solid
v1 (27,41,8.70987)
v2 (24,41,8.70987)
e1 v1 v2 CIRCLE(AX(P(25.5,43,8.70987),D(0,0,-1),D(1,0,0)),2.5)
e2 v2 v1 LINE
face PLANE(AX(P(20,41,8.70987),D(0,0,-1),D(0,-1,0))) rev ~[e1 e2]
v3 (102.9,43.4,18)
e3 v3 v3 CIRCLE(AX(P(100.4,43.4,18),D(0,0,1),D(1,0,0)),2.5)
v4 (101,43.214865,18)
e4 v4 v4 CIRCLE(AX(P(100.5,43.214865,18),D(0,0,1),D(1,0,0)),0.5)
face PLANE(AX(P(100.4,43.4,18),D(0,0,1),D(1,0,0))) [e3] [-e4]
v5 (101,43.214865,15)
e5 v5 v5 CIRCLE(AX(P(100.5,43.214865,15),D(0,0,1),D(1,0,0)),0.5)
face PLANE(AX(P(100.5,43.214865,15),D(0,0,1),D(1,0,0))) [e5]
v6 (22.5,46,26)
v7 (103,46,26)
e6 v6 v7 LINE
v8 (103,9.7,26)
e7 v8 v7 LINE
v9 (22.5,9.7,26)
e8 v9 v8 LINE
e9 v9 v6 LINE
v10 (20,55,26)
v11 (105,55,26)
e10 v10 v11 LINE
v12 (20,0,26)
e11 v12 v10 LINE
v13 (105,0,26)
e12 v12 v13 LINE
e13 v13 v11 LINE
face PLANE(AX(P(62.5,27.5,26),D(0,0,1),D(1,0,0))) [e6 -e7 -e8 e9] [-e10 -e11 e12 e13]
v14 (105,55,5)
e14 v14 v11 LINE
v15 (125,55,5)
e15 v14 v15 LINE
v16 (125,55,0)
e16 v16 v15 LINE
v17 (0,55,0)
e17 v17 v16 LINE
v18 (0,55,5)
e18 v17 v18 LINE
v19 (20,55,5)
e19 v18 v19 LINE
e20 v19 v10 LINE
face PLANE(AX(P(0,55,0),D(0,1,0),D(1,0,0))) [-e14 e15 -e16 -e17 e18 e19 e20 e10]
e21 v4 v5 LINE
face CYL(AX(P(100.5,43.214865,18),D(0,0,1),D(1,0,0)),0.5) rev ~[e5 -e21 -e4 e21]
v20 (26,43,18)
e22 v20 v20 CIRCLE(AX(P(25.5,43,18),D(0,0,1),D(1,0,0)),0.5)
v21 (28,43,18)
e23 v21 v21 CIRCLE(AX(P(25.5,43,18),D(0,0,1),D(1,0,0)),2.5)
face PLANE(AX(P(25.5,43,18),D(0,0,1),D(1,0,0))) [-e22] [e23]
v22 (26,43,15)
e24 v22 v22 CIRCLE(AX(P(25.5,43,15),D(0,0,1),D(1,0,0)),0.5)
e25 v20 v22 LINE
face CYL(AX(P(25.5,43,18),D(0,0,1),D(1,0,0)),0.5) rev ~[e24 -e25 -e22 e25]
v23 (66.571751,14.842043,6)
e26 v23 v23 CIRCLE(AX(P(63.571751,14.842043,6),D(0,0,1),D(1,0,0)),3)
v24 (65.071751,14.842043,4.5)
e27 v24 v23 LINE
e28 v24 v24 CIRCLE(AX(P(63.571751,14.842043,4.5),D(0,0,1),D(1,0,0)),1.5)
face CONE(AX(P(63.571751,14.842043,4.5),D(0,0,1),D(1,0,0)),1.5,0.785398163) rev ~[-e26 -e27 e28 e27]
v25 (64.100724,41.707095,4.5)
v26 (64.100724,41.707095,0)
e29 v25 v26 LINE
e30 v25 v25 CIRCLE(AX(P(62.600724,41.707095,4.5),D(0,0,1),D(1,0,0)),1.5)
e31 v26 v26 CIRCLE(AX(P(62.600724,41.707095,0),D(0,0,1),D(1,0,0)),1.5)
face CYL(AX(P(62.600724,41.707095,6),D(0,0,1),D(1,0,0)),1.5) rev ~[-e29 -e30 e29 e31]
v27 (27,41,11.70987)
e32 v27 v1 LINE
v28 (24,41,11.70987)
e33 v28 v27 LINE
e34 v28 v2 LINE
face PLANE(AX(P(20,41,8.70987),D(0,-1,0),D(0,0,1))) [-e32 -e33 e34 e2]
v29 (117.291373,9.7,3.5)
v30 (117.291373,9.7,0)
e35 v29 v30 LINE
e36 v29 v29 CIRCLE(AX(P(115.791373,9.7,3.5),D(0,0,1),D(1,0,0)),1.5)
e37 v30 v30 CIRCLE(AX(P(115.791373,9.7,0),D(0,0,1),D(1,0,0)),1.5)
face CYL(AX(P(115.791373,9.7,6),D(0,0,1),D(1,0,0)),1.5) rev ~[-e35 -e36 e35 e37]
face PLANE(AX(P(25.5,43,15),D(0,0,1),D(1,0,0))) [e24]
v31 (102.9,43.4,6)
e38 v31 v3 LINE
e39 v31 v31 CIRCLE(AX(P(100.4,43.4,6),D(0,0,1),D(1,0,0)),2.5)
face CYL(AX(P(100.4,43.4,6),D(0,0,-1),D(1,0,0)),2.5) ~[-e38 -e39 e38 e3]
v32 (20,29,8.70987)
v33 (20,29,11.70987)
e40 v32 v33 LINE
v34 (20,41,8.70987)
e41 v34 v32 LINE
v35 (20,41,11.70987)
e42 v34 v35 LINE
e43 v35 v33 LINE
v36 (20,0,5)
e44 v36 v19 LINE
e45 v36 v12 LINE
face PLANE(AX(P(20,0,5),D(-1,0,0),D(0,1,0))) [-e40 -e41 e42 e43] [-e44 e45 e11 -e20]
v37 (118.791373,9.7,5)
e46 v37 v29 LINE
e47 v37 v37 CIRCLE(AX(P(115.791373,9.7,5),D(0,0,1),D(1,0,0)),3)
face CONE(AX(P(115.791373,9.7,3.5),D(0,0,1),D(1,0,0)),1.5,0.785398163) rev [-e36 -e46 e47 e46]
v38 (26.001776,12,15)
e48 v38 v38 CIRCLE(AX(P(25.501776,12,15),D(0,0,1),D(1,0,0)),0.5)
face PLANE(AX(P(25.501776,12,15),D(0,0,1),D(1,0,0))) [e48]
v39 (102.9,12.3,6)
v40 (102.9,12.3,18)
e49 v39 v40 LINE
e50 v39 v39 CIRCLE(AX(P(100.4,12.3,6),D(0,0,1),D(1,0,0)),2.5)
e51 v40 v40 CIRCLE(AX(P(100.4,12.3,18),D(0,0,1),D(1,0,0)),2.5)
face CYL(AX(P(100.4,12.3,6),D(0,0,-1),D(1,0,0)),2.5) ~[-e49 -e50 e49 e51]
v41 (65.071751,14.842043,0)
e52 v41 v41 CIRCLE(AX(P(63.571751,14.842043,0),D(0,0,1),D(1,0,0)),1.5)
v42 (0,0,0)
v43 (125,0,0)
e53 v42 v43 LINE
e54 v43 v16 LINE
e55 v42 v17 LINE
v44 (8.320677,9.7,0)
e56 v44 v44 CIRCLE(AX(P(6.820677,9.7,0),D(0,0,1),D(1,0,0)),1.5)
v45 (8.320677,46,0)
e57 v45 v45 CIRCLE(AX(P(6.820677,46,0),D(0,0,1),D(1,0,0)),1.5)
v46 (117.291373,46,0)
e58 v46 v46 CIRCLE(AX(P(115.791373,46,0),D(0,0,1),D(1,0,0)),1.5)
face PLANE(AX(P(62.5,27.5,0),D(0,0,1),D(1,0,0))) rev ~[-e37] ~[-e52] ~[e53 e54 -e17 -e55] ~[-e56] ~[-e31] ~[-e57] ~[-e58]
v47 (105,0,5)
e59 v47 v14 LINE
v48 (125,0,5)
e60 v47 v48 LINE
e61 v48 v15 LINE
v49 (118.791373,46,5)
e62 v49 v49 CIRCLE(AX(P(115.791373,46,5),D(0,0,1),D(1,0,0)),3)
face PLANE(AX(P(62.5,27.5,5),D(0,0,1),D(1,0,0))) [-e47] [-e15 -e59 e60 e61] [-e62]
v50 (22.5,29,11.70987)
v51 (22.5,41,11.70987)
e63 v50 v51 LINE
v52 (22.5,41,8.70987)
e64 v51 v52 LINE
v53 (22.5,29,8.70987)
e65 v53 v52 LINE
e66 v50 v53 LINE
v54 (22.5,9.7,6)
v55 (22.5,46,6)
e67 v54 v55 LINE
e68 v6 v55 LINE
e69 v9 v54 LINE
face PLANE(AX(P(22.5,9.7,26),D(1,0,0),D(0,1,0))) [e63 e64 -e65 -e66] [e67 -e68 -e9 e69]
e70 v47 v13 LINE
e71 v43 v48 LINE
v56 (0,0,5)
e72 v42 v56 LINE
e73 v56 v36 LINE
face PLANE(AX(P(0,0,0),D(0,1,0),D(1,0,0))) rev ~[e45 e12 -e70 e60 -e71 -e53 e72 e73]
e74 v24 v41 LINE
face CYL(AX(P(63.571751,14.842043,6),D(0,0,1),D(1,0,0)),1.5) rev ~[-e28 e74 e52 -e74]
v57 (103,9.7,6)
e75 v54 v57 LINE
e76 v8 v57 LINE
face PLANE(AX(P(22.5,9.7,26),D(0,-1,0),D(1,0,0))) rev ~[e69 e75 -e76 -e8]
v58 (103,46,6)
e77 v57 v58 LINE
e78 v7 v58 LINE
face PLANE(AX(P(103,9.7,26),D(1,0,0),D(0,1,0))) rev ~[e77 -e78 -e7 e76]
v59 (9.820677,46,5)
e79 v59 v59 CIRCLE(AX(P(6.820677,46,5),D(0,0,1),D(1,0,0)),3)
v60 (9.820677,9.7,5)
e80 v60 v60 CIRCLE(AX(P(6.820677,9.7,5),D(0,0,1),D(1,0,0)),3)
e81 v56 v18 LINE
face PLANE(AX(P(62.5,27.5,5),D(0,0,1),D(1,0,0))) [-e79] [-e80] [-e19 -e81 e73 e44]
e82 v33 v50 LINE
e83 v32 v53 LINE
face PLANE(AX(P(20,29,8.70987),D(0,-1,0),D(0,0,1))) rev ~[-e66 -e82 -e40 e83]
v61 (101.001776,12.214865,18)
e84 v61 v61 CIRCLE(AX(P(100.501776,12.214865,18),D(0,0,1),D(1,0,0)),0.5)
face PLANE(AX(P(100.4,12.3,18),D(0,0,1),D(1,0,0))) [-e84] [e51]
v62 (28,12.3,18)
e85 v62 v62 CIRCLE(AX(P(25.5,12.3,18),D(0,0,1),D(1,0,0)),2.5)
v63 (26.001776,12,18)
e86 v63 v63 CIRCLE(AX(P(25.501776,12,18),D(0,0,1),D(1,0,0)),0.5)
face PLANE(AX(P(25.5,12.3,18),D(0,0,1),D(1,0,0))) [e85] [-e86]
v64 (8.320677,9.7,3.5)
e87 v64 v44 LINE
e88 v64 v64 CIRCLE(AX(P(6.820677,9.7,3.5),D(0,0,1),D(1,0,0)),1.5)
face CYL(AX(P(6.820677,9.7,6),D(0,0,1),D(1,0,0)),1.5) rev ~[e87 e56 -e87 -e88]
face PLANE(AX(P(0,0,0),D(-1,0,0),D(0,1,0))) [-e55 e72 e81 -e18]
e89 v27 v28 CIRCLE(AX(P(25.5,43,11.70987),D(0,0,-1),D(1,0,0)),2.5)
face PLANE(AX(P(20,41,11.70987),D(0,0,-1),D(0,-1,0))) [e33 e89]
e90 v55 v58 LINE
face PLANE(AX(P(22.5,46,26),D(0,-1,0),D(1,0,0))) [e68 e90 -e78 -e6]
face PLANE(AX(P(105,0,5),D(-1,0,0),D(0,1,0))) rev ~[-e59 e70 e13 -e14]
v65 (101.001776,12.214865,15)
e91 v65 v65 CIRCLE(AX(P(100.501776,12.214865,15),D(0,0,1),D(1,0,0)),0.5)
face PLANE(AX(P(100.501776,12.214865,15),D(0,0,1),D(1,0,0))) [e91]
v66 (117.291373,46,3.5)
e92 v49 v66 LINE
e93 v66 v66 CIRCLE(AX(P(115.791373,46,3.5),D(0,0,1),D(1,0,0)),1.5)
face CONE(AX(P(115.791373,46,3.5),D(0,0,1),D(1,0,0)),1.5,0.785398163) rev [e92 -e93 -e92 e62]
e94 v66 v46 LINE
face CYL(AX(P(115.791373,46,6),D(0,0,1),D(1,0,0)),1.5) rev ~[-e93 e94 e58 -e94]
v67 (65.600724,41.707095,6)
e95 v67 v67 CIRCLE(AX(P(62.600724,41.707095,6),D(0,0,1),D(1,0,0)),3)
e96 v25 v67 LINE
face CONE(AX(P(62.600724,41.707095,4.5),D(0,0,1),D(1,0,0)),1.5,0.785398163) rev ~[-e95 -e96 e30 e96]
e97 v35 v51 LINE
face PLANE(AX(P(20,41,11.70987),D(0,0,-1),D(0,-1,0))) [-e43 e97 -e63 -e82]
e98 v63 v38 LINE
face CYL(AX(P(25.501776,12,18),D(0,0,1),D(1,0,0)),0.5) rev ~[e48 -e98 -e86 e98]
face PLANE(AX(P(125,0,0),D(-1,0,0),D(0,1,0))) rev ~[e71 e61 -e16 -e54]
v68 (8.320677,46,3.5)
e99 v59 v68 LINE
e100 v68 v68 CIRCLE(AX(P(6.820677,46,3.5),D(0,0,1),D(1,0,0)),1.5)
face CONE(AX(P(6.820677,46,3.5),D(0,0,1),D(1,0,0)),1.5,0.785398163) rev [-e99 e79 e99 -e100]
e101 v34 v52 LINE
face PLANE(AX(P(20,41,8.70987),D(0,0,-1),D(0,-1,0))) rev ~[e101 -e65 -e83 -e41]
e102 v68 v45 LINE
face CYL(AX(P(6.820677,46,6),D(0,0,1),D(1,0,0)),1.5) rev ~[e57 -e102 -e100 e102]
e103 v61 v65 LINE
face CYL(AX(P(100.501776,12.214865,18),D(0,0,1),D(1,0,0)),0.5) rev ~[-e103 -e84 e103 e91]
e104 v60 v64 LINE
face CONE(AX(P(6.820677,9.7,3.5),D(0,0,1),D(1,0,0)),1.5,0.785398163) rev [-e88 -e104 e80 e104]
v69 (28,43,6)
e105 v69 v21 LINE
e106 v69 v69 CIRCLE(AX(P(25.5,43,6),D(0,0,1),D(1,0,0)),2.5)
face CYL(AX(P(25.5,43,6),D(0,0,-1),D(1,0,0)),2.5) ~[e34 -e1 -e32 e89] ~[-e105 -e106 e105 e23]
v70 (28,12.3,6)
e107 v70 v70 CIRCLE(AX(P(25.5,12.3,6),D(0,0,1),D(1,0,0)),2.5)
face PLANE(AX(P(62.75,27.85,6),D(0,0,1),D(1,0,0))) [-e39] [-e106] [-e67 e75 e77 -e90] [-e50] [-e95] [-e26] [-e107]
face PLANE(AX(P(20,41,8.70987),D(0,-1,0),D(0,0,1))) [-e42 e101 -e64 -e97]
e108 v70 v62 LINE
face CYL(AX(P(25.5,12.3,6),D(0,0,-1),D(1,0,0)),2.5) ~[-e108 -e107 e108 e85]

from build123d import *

# Parameters (mm, degrees)
F0_W      = 125
F0_H      = 55
F1_DEPTH  = 5
F2_W      = 85
F2_H      = 55
F3_DEPTH  = 21
F4_W      = 80.5
F4_H      = 36.3
F5_DEPTH  = 20
F6_R      = 2.5
F7_DEPTH  = 12
F8_W      = 12
F8_H      = 3
F9_DEPTH  = 25
F10_R     = 0.5
F11_DEPTH = 3
F12_R     = 1.5
F13_DEPTH = 25
F14_SIZE  = 1.5


with BuildPart() as f1:
    # F0 (on Top) → F1 (new body)
    with BuildSketch(Plane.XY):
        with Locations((62.5, 27.5)):
            Rectangle(F0_W, F0_H)
    extrude(amount=F1_DEPTH)

    # F2 (on face) → F3 (join)
    with BuildSketch(Plane.XY.offset(5)):
        with Locations((62.5, 27.5)):
            Rectangle(F2_W, F2_H)
    extrude(amount=F3_DEPTH)

    # F4 (on face) → F5 (cut)
    with BuildSketch(Plane.XY.offset(26)):
        with Locations((62.75, 27.85)):
            Rectangle(F4_W, F4_H)
    extrude(amount=-F5_DEPTH, mode=Mode.SUBTRACT)

    # F6 (on face) → F7 (join)
    with BuildSketch(Plane.XY.offset(6)):
        with Locations((25.5, 43)):
            Circle(F6_R)
        with Locations((100.4, 43.4)):
            Circle(F6_R)
        with Locations((100.4, 12.3)):
            Circle(F6_R)
        with Locations((25.5, 12.3)):
            Circle(F6_R)
    extrude(amount=F7_DEPTH)

    # F8 (on face) → F9 (cut)
    with BuildSketch(Plane(origin=(20, 0, 0), x_dir=(0, -1, 0), z_dir=(-1, 0, 0))):
        with Locations((-35, 10.209870059)):
            Rectangle(F8_W, F8_H)
    extrude(amount=-F9_DEPTH, mode=Mode.SUBTRACT)

    # F10 (on face) → F11 (cut)
    with BuildSketch(Plane.XY.offset(18)):
        with Locations((25.5, 43)):
            Circle(F10_R)
        with Locations((25.5017764866, 12)):
            Circle(F10_R)
        with Locations((100.5, 43.2148650289)):
            Circle(F10_R)
        with Locations((100.5017764866, 12.2148650289)):
            Circle(F10_R)
    extrude(amount=-F11_DEPTH, mode=Mode.SUBTRACT)

    # F12 (on face) → F13 (cut)
    with BuildSketch(Plane.XY.offset(6)):
        with Locations((62.6007243991, 41.7070947587)):
            Circle(F12_R)
        with Locations((63.5717511177, 14.8420426995)):
            Circle(F12_R)
        with Locations((6.820677314, 46)):
            Circle(F12_R)
        with Locations((6.820677314, 9.7)):
            Circle(F12_R)
        with Locations((115.7913729548, 46)):
            Circle(F12_R)
        with Locations((115.7913729548, 9.7)):
            Circle(F12_R)
    extrude(amount=-F13_DEPTH, mode=Mode.SUBTRACT)

    # F14
    f14_edges = [f1.edges().sort_by_distance(p)[0] for p in [
        (5.320677, 46, 5),
        (5.320677, 9.7, 5),
        (114.291373, 9.7, 5),
        (114.291373, 46, 5),
        (61.100724, 41.707095, 6),
        (62.071751, 14.842043, 6),
    ]]
    chamfer(f14_edges, length=F14_SIZE)


solid = f1.part
